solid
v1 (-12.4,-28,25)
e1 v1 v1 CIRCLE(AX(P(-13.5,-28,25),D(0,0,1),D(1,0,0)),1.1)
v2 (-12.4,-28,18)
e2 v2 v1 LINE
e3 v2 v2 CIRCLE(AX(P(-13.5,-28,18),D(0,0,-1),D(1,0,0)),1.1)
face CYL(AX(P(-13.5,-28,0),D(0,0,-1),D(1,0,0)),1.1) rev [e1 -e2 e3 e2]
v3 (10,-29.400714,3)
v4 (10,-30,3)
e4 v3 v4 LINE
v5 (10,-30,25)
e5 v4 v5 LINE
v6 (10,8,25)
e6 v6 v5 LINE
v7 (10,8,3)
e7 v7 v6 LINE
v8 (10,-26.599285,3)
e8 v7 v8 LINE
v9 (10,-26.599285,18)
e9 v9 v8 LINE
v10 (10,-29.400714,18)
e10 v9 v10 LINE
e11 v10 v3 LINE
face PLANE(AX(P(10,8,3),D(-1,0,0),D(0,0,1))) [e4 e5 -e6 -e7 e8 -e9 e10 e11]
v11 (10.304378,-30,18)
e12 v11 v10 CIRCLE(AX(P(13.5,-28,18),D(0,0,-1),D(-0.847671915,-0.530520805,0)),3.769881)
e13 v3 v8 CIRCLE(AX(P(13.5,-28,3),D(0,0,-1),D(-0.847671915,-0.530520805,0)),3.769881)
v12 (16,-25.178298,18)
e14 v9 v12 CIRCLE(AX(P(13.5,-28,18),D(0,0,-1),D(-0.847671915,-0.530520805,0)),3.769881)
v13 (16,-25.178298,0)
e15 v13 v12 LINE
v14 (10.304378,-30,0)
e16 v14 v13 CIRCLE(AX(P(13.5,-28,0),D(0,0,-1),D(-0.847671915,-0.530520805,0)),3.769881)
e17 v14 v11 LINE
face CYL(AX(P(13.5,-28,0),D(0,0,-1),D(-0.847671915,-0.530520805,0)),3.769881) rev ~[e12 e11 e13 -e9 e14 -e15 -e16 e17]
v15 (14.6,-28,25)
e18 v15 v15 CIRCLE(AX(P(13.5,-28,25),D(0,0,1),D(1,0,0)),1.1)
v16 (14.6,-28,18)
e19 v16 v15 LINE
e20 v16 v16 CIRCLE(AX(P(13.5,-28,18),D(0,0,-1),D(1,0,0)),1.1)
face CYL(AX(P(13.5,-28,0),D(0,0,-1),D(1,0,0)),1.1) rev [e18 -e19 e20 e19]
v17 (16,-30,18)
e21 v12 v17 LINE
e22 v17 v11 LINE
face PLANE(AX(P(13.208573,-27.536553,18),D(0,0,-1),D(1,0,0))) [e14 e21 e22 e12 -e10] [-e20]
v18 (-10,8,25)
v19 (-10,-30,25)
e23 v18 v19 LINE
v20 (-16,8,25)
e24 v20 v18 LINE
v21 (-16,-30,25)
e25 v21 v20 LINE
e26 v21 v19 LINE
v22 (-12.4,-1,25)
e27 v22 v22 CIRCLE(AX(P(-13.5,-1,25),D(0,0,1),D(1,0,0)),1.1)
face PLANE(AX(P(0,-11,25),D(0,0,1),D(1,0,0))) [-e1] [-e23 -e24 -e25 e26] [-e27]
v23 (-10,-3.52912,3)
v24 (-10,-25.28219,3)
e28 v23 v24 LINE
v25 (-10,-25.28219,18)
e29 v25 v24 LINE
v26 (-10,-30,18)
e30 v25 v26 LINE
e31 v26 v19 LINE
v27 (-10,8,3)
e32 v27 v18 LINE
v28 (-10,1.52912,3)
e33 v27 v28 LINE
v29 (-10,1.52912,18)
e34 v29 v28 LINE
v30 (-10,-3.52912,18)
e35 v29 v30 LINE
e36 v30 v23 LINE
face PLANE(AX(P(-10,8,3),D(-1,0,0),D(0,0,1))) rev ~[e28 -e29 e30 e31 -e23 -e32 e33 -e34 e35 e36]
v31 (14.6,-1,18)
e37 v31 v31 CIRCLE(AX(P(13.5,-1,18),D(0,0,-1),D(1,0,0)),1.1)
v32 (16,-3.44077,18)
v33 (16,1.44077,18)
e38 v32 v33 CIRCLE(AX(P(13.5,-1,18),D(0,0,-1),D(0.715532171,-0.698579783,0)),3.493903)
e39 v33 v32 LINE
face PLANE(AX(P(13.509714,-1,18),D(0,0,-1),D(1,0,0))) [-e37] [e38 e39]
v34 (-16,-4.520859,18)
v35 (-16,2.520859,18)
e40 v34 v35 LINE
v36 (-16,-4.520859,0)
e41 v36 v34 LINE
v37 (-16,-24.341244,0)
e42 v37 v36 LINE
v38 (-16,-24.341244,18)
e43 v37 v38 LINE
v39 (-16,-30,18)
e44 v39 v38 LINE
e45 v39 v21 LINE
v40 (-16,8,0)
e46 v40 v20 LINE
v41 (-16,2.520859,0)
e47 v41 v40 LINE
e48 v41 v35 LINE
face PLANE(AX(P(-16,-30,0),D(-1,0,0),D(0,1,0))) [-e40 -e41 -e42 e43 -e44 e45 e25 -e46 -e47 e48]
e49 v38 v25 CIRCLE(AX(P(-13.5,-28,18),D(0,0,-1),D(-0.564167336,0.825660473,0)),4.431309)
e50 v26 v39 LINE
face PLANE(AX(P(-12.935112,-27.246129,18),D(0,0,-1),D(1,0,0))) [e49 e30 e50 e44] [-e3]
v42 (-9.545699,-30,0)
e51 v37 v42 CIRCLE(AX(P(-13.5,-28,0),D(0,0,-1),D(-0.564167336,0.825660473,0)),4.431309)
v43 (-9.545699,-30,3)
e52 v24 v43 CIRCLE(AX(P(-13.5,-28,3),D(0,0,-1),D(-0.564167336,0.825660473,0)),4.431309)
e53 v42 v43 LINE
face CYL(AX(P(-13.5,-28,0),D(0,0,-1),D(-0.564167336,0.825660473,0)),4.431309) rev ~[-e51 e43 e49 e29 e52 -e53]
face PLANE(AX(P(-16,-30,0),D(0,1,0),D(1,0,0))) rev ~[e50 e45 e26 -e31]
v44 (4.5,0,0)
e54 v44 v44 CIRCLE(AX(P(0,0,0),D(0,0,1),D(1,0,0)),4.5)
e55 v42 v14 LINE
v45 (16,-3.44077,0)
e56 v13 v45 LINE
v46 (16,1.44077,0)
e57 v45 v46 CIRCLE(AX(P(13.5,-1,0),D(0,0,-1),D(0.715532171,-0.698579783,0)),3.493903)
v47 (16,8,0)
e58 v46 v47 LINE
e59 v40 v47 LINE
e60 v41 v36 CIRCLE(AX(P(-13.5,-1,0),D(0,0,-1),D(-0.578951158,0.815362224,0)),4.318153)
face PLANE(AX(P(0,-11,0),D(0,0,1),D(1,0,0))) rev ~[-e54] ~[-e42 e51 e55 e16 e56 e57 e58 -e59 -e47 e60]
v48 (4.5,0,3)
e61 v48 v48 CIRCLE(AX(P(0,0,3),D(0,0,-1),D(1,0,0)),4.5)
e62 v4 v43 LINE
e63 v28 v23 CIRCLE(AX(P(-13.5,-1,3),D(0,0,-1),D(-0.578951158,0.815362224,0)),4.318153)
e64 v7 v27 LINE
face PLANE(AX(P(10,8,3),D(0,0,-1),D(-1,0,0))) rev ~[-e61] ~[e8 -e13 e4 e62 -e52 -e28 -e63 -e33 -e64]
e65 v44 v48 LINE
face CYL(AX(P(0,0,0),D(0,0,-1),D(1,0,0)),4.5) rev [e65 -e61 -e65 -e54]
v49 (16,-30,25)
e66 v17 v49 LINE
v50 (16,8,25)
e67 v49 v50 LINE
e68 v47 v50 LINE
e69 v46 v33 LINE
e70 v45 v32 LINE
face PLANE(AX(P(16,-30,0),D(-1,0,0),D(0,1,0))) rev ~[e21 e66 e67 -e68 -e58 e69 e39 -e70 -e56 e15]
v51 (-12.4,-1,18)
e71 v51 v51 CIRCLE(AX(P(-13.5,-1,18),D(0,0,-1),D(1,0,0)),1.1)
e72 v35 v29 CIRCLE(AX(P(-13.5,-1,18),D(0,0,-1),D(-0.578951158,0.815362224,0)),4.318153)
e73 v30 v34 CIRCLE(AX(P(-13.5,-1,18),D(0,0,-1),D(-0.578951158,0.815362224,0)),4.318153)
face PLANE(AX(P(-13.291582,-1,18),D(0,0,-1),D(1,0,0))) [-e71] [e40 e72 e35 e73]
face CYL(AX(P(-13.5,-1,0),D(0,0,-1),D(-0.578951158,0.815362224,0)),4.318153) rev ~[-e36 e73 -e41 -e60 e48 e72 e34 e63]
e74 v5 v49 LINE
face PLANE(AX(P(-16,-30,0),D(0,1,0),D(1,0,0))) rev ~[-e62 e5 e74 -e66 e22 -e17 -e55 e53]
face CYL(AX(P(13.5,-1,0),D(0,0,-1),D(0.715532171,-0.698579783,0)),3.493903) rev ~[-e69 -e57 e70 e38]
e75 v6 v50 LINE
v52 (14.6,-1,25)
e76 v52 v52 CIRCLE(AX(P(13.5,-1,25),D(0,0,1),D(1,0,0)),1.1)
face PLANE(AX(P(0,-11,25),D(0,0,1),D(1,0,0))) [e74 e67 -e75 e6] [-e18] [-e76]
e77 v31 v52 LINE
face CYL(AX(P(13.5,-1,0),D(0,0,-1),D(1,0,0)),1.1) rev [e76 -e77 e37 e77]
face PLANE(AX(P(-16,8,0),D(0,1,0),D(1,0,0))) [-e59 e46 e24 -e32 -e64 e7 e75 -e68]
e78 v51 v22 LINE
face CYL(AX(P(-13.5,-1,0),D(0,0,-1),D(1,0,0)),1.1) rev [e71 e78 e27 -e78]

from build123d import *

# Parameters (mm, degrees)
F0_W     = 32
F0_H     = 38
F0_R     = 1.1
F0_R_2   = 4.5
F1_DEPTH = 25
F2_W     = 20
F2_H     = 22
F3_DEPTH = 38.001
F5_DEPTH = 18


with BuildPart() as f1:
    # F0 (on Top) → F1 (new body)
    with BuildSketch(Plane.XY):
        with Locations((0, -11)):
            Rectangle(F0_W, F0_H)
        with Locations((-13.5, -28)):
            Circle(F0_R, mode=Mode.SUBTRACT)
        with Locations((13.5, -28)):
            Circle(F0_R, mode=Mode.SUBTRACT)
        with Locations((-13.5, -1)):
            Circle(F0_R, mode=Mode.SUBTRACT)
        Circle(F0_R_2, mode=Mode.SUBTRACT)
        with Locations((13.5, -1)):
            Circle(F0_R, mode=Mode.SUBTRACT)
    extrude(amount=F1_DEPTH)

    # F2 (on face) → F3 (cut, through all)
    with BuildSketch(Plane(origin=(0, 8, 0), x_dir=(-1, 0, 0), z_dir=(0, 1, 0))):
        with Locations((0, 14)):
            Rectangle(F2_W, F2_H)
    extrude(amount=-F3_DEPTH, mode=Mode.SUBTRACT)

    # F4 (on face) → F5 (cut)
    with BuildSketch(Plane(origin=(0, 0, 0), x_dir=(1, 0, 0), z_dir=(0, 0, -1))):
        with BuildLine():
            Line((16, -1.44077), (16, 3.44077))
            ThreePointArc((16, 3.44077), (10.006097, 1), (16, -1.44077))
        make_face()
        with BuildLine():
            ThreePointArc((-16, -2.520859), (-9.181847, 1), (-16, 4.520859))
            Line((-16, 4.520859), (-16, -2.520859))
        make_face()
        with BuildLine():
            ThreePointArc((10.304378, 30), (11.064189, 25.122705), (16, 25.178298))
            Line((16, 25.178298), (16, 30))
            Line((16, 30), (10.304378, 30))
        make_face()
        with BuildLine():
            Line((-16, 30), (-16, 24.341244))
            ThreePointArc((-16, 24.341244), (-10.578677, 24.667979), (-9.545699, 30))
            Line((-9.545699, 30), (-16, 30))
        make_face()
    extrude(amount=-F5_DEPTH, mode=Mode.SUBTRACT)


solid = f1.part
